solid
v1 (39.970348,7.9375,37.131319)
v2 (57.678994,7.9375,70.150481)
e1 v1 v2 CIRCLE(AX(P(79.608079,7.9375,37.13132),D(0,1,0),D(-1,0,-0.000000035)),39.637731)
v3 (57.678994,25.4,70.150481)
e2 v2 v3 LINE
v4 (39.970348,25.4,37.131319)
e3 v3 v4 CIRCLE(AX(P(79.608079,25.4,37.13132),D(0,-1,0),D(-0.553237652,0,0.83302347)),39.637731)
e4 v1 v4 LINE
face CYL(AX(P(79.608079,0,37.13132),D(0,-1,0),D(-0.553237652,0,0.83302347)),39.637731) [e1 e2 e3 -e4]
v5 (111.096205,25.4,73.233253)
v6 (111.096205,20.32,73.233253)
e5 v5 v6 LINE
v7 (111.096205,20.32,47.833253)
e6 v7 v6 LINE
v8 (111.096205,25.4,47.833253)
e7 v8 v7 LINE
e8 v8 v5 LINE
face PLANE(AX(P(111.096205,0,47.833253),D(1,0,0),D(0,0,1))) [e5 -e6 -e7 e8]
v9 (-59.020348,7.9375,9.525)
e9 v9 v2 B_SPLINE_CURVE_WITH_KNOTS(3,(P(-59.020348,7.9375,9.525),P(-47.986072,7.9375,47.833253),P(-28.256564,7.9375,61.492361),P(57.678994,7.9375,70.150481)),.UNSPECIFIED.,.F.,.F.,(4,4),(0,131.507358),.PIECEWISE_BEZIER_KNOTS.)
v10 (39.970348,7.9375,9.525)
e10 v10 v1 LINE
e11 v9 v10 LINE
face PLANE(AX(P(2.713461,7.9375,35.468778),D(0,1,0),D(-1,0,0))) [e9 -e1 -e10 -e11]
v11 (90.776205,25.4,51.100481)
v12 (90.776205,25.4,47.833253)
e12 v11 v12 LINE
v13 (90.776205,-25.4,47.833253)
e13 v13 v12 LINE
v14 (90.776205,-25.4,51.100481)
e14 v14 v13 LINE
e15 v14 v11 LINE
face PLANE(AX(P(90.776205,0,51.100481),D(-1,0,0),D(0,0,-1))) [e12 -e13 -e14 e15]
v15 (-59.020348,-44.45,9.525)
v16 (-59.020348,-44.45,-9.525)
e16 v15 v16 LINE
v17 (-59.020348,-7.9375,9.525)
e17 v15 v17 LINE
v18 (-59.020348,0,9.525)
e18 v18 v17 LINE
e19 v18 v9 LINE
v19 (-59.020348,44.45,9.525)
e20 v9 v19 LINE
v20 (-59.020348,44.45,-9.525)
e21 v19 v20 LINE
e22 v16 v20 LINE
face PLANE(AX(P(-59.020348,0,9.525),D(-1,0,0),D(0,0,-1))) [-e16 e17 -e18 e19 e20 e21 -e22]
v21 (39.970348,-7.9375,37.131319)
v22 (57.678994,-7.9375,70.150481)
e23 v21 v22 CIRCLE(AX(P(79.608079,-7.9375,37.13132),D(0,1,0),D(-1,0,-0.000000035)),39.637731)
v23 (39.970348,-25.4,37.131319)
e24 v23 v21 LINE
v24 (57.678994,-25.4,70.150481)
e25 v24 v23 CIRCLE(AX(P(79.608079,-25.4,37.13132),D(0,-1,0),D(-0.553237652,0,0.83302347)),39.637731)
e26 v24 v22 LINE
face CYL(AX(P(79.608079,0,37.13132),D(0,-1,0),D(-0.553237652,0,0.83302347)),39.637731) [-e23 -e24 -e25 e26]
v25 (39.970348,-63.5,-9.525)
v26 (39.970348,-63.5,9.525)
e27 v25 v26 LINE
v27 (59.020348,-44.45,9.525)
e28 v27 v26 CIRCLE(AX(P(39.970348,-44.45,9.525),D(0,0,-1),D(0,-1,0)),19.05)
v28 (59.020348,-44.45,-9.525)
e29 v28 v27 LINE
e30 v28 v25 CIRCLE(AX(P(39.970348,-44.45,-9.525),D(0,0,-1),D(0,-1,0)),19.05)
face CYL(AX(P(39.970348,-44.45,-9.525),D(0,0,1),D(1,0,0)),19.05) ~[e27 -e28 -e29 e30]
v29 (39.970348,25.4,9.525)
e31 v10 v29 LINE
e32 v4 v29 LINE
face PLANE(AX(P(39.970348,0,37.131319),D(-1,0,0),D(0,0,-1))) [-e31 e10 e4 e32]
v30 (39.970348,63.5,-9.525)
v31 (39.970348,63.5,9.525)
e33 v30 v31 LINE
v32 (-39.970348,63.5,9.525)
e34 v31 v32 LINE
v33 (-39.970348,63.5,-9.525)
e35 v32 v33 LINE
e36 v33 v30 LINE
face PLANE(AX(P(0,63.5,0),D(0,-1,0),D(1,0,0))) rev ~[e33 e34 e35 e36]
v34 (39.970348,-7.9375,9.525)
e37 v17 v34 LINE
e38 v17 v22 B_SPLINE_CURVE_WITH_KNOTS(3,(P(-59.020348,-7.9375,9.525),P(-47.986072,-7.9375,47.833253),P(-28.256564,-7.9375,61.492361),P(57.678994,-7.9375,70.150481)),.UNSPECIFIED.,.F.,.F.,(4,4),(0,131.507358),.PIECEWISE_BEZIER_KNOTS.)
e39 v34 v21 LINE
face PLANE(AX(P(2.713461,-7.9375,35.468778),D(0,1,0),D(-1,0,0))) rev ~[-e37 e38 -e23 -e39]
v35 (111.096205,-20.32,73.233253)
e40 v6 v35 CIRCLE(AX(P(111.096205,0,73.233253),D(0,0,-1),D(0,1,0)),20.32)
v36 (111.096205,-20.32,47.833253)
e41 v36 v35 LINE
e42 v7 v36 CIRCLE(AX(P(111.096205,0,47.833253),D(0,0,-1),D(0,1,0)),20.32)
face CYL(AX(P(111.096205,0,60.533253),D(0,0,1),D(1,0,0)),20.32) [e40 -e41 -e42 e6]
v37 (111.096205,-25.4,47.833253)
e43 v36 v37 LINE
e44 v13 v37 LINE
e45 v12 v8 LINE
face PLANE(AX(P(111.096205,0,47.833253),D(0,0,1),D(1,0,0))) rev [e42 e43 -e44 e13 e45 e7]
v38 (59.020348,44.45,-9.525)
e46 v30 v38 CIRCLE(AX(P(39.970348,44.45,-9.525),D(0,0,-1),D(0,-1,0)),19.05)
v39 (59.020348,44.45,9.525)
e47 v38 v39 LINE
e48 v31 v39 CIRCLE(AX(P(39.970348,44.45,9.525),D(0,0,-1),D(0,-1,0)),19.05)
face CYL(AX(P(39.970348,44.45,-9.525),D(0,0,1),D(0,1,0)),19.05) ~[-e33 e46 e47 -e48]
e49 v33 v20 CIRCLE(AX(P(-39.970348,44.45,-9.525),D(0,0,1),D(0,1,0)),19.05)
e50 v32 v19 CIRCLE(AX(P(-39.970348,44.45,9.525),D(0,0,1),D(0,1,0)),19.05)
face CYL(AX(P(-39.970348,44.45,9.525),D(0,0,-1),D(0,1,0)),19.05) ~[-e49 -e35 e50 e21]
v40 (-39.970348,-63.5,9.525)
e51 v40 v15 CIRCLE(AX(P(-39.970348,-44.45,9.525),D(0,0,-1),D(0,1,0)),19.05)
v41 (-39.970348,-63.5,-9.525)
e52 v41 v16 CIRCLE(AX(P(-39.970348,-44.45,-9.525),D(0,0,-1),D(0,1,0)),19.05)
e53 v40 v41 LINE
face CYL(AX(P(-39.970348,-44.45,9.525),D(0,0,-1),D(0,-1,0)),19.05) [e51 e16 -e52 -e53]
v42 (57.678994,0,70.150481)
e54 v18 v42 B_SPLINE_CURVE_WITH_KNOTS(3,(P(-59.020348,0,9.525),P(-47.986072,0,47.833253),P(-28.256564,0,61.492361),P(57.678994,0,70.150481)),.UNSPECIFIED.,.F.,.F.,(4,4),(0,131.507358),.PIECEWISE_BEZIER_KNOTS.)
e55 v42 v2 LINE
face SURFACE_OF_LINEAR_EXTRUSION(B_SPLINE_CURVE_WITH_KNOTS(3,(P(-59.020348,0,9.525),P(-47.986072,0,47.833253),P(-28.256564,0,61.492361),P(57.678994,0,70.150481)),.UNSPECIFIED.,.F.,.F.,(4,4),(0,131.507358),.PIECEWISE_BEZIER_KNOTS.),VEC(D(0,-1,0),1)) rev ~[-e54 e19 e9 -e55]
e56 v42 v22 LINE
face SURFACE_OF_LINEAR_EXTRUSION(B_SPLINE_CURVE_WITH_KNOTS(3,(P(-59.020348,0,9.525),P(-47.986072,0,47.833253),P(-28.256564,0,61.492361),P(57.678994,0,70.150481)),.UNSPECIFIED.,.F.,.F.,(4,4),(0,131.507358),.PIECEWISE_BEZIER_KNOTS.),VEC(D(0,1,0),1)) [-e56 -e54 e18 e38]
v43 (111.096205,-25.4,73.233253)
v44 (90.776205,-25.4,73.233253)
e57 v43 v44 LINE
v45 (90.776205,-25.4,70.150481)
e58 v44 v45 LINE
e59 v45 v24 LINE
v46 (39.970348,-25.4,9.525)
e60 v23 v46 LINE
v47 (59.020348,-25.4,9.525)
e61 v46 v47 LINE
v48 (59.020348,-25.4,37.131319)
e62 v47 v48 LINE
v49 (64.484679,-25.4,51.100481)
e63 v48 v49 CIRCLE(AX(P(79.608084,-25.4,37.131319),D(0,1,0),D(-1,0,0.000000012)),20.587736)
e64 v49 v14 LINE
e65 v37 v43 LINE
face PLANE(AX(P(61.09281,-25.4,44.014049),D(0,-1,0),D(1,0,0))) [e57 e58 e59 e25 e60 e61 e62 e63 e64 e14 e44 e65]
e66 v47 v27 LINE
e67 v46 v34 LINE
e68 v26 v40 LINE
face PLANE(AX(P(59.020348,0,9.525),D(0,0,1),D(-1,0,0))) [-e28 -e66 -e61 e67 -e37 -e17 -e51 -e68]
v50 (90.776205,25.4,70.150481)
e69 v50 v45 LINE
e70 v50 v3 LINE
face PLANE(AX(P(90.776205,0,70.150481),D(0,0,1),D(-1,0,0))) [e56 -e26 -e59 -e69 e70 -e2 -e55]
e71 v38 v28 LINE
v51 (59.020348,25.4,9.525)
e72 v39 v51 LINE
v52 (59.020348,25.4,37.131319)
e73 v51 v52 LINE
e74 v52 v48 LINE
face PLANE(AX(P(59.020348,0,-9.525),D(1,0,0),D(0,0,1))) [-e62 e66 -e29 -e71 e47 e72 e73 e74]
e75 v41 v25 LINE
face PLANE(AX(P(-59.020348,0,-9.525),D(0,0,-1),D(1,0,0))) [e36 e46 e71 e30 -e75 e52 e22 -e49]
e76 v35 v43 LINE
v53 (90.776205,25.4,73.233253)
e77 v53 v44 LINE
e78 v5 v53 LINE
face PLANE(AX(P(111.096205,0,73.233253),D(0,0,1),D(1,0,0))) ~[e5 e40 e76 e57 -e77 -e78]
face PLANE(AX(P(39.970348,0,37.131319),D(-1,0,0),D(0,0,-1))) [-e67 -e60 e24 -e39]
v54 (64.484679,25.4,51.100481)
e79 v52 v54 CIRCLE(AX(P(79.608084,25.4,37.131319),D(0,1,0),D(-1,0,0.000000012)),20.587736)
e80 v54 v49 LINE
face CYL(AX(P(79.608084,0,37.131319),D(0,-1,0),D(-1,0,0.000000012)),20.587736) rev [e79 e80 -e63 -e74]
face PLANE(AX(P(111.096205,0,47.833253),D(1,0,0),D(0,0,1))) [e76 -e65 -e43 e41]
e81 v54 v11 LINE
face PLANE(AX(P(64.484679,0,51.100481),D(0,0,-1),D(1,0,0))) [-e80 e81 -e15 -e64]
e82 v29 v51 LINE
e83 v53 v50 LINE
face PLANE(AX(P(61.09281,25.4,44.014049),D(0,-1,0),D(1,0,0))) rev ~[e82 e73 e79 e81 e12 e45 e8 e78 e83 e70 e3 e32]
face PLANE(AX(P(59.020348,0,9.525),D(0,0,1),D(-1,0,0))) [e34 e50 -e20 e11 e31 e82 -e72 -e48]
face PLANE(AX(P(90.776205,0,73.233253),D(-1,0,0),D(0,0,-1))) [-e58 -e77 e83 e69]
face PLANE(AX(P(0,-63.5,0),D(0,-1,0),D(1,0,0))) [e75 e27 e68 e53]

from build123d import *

# Parameters (mm, degrees)
F1_DEPTH = 63.5
F2_DEPTH = 25.4
F3_DEPTH = 7.9375
F4_R     = 19.05
F0_W     = 20.32
F0_H     = 25.4


with BuildPart() as f1:
    # F0 (on Front) → F1 (new body, symmetric)
    with BuildSketch(Plane.XZ):
        Polygon((-59.020348, -9.525), (59.020348, -9.525), (59.020348, 9.525), (39.970348, 9.525), (-59.020348, 9.525), align=None)
    extrude(amount=F1_DEPTH, both=True)

    # F0 (on Front) → F2 (join, symmetric)
    with BuildSketch(Plane.XZ):
        with BuildLine():
            Line((39.970348, 9.525), (59.020348, 9.525))
            Line((59.020348, 9.525), (59.020348, 37.131319))
            ThreePointArc((59.020348, 37.131319), (60.435036, 44.631259), (64.484679, 51.100481))
            Line((64.484679, 51.100481), (90.776205, 51.100481))
            Line((90.776205, 51.100481), (90.776205, 70.150481))
            Line((90.776205, 70.150481), (57.678994, 70.150481))
            ThreePointArc((57.678994, 70.150481), (44.67694, 55.865387), (39.970348, 37.131319))
            Line((39.970348, 37.131319), (39.970348, 9.525))
        make_face()
        Polygon((90.776205, 73.233253), (90.776205, 70.150481), (90.776205, 51.100481), (90.776205, 47.833253), (111.096205, 47.833253), (111.096205, 73.233253), align=None)
    extrude(amount=F2_DEPTH, both=True)

    # F0 (on Front) → F3 (join, symmetric)
    with BuildSketch(Plane.XZ):
        with BuildLine():
            add(Edge.make_bspline(
                [(-59.020348, 9.525), (-47.986072, 47.833253), (-28.256564, 61.492361), (57.678994, 70.150481)],
                knots=[0, 0, 0, 0, 131.507358, 131.507358, 131.507358, 131.507358], degree=3))
            Line((-59.020348, 9.525), (39.970348, 9.525))
            Line((39.970348, 9.525), (39.970348, 37.131319))
            ThreePointArc((39.970348, 37.131319), (44.67694, 55.865387), (57.678994, 70.150481))
        make_face()
    extrude(amount=F3_DEPTH, both=True)

    # F4
    f4_edges = [f1.edges().sort_by_distance(p)[0] for p in [
        (59.020348, -63.5, 0),
        (-59.020348, -63.5, 0),
        (-59.020348, 63.5, 0),
        (59.020348, 63.5, 0),
    ]]
    fillet(f4_edges, radius=F4_R)

    # F0 (on Front) → F5 (revolve)
    with BuildSketch(Plane.XZ):
        with Locations((121.256205, 60.533253)):
            Rectangle(F0_W, F0_H)
    revolve(axis=Axis((111.096205, 0, 60.533253), (0, 0, 1)))


solid = f1.part
